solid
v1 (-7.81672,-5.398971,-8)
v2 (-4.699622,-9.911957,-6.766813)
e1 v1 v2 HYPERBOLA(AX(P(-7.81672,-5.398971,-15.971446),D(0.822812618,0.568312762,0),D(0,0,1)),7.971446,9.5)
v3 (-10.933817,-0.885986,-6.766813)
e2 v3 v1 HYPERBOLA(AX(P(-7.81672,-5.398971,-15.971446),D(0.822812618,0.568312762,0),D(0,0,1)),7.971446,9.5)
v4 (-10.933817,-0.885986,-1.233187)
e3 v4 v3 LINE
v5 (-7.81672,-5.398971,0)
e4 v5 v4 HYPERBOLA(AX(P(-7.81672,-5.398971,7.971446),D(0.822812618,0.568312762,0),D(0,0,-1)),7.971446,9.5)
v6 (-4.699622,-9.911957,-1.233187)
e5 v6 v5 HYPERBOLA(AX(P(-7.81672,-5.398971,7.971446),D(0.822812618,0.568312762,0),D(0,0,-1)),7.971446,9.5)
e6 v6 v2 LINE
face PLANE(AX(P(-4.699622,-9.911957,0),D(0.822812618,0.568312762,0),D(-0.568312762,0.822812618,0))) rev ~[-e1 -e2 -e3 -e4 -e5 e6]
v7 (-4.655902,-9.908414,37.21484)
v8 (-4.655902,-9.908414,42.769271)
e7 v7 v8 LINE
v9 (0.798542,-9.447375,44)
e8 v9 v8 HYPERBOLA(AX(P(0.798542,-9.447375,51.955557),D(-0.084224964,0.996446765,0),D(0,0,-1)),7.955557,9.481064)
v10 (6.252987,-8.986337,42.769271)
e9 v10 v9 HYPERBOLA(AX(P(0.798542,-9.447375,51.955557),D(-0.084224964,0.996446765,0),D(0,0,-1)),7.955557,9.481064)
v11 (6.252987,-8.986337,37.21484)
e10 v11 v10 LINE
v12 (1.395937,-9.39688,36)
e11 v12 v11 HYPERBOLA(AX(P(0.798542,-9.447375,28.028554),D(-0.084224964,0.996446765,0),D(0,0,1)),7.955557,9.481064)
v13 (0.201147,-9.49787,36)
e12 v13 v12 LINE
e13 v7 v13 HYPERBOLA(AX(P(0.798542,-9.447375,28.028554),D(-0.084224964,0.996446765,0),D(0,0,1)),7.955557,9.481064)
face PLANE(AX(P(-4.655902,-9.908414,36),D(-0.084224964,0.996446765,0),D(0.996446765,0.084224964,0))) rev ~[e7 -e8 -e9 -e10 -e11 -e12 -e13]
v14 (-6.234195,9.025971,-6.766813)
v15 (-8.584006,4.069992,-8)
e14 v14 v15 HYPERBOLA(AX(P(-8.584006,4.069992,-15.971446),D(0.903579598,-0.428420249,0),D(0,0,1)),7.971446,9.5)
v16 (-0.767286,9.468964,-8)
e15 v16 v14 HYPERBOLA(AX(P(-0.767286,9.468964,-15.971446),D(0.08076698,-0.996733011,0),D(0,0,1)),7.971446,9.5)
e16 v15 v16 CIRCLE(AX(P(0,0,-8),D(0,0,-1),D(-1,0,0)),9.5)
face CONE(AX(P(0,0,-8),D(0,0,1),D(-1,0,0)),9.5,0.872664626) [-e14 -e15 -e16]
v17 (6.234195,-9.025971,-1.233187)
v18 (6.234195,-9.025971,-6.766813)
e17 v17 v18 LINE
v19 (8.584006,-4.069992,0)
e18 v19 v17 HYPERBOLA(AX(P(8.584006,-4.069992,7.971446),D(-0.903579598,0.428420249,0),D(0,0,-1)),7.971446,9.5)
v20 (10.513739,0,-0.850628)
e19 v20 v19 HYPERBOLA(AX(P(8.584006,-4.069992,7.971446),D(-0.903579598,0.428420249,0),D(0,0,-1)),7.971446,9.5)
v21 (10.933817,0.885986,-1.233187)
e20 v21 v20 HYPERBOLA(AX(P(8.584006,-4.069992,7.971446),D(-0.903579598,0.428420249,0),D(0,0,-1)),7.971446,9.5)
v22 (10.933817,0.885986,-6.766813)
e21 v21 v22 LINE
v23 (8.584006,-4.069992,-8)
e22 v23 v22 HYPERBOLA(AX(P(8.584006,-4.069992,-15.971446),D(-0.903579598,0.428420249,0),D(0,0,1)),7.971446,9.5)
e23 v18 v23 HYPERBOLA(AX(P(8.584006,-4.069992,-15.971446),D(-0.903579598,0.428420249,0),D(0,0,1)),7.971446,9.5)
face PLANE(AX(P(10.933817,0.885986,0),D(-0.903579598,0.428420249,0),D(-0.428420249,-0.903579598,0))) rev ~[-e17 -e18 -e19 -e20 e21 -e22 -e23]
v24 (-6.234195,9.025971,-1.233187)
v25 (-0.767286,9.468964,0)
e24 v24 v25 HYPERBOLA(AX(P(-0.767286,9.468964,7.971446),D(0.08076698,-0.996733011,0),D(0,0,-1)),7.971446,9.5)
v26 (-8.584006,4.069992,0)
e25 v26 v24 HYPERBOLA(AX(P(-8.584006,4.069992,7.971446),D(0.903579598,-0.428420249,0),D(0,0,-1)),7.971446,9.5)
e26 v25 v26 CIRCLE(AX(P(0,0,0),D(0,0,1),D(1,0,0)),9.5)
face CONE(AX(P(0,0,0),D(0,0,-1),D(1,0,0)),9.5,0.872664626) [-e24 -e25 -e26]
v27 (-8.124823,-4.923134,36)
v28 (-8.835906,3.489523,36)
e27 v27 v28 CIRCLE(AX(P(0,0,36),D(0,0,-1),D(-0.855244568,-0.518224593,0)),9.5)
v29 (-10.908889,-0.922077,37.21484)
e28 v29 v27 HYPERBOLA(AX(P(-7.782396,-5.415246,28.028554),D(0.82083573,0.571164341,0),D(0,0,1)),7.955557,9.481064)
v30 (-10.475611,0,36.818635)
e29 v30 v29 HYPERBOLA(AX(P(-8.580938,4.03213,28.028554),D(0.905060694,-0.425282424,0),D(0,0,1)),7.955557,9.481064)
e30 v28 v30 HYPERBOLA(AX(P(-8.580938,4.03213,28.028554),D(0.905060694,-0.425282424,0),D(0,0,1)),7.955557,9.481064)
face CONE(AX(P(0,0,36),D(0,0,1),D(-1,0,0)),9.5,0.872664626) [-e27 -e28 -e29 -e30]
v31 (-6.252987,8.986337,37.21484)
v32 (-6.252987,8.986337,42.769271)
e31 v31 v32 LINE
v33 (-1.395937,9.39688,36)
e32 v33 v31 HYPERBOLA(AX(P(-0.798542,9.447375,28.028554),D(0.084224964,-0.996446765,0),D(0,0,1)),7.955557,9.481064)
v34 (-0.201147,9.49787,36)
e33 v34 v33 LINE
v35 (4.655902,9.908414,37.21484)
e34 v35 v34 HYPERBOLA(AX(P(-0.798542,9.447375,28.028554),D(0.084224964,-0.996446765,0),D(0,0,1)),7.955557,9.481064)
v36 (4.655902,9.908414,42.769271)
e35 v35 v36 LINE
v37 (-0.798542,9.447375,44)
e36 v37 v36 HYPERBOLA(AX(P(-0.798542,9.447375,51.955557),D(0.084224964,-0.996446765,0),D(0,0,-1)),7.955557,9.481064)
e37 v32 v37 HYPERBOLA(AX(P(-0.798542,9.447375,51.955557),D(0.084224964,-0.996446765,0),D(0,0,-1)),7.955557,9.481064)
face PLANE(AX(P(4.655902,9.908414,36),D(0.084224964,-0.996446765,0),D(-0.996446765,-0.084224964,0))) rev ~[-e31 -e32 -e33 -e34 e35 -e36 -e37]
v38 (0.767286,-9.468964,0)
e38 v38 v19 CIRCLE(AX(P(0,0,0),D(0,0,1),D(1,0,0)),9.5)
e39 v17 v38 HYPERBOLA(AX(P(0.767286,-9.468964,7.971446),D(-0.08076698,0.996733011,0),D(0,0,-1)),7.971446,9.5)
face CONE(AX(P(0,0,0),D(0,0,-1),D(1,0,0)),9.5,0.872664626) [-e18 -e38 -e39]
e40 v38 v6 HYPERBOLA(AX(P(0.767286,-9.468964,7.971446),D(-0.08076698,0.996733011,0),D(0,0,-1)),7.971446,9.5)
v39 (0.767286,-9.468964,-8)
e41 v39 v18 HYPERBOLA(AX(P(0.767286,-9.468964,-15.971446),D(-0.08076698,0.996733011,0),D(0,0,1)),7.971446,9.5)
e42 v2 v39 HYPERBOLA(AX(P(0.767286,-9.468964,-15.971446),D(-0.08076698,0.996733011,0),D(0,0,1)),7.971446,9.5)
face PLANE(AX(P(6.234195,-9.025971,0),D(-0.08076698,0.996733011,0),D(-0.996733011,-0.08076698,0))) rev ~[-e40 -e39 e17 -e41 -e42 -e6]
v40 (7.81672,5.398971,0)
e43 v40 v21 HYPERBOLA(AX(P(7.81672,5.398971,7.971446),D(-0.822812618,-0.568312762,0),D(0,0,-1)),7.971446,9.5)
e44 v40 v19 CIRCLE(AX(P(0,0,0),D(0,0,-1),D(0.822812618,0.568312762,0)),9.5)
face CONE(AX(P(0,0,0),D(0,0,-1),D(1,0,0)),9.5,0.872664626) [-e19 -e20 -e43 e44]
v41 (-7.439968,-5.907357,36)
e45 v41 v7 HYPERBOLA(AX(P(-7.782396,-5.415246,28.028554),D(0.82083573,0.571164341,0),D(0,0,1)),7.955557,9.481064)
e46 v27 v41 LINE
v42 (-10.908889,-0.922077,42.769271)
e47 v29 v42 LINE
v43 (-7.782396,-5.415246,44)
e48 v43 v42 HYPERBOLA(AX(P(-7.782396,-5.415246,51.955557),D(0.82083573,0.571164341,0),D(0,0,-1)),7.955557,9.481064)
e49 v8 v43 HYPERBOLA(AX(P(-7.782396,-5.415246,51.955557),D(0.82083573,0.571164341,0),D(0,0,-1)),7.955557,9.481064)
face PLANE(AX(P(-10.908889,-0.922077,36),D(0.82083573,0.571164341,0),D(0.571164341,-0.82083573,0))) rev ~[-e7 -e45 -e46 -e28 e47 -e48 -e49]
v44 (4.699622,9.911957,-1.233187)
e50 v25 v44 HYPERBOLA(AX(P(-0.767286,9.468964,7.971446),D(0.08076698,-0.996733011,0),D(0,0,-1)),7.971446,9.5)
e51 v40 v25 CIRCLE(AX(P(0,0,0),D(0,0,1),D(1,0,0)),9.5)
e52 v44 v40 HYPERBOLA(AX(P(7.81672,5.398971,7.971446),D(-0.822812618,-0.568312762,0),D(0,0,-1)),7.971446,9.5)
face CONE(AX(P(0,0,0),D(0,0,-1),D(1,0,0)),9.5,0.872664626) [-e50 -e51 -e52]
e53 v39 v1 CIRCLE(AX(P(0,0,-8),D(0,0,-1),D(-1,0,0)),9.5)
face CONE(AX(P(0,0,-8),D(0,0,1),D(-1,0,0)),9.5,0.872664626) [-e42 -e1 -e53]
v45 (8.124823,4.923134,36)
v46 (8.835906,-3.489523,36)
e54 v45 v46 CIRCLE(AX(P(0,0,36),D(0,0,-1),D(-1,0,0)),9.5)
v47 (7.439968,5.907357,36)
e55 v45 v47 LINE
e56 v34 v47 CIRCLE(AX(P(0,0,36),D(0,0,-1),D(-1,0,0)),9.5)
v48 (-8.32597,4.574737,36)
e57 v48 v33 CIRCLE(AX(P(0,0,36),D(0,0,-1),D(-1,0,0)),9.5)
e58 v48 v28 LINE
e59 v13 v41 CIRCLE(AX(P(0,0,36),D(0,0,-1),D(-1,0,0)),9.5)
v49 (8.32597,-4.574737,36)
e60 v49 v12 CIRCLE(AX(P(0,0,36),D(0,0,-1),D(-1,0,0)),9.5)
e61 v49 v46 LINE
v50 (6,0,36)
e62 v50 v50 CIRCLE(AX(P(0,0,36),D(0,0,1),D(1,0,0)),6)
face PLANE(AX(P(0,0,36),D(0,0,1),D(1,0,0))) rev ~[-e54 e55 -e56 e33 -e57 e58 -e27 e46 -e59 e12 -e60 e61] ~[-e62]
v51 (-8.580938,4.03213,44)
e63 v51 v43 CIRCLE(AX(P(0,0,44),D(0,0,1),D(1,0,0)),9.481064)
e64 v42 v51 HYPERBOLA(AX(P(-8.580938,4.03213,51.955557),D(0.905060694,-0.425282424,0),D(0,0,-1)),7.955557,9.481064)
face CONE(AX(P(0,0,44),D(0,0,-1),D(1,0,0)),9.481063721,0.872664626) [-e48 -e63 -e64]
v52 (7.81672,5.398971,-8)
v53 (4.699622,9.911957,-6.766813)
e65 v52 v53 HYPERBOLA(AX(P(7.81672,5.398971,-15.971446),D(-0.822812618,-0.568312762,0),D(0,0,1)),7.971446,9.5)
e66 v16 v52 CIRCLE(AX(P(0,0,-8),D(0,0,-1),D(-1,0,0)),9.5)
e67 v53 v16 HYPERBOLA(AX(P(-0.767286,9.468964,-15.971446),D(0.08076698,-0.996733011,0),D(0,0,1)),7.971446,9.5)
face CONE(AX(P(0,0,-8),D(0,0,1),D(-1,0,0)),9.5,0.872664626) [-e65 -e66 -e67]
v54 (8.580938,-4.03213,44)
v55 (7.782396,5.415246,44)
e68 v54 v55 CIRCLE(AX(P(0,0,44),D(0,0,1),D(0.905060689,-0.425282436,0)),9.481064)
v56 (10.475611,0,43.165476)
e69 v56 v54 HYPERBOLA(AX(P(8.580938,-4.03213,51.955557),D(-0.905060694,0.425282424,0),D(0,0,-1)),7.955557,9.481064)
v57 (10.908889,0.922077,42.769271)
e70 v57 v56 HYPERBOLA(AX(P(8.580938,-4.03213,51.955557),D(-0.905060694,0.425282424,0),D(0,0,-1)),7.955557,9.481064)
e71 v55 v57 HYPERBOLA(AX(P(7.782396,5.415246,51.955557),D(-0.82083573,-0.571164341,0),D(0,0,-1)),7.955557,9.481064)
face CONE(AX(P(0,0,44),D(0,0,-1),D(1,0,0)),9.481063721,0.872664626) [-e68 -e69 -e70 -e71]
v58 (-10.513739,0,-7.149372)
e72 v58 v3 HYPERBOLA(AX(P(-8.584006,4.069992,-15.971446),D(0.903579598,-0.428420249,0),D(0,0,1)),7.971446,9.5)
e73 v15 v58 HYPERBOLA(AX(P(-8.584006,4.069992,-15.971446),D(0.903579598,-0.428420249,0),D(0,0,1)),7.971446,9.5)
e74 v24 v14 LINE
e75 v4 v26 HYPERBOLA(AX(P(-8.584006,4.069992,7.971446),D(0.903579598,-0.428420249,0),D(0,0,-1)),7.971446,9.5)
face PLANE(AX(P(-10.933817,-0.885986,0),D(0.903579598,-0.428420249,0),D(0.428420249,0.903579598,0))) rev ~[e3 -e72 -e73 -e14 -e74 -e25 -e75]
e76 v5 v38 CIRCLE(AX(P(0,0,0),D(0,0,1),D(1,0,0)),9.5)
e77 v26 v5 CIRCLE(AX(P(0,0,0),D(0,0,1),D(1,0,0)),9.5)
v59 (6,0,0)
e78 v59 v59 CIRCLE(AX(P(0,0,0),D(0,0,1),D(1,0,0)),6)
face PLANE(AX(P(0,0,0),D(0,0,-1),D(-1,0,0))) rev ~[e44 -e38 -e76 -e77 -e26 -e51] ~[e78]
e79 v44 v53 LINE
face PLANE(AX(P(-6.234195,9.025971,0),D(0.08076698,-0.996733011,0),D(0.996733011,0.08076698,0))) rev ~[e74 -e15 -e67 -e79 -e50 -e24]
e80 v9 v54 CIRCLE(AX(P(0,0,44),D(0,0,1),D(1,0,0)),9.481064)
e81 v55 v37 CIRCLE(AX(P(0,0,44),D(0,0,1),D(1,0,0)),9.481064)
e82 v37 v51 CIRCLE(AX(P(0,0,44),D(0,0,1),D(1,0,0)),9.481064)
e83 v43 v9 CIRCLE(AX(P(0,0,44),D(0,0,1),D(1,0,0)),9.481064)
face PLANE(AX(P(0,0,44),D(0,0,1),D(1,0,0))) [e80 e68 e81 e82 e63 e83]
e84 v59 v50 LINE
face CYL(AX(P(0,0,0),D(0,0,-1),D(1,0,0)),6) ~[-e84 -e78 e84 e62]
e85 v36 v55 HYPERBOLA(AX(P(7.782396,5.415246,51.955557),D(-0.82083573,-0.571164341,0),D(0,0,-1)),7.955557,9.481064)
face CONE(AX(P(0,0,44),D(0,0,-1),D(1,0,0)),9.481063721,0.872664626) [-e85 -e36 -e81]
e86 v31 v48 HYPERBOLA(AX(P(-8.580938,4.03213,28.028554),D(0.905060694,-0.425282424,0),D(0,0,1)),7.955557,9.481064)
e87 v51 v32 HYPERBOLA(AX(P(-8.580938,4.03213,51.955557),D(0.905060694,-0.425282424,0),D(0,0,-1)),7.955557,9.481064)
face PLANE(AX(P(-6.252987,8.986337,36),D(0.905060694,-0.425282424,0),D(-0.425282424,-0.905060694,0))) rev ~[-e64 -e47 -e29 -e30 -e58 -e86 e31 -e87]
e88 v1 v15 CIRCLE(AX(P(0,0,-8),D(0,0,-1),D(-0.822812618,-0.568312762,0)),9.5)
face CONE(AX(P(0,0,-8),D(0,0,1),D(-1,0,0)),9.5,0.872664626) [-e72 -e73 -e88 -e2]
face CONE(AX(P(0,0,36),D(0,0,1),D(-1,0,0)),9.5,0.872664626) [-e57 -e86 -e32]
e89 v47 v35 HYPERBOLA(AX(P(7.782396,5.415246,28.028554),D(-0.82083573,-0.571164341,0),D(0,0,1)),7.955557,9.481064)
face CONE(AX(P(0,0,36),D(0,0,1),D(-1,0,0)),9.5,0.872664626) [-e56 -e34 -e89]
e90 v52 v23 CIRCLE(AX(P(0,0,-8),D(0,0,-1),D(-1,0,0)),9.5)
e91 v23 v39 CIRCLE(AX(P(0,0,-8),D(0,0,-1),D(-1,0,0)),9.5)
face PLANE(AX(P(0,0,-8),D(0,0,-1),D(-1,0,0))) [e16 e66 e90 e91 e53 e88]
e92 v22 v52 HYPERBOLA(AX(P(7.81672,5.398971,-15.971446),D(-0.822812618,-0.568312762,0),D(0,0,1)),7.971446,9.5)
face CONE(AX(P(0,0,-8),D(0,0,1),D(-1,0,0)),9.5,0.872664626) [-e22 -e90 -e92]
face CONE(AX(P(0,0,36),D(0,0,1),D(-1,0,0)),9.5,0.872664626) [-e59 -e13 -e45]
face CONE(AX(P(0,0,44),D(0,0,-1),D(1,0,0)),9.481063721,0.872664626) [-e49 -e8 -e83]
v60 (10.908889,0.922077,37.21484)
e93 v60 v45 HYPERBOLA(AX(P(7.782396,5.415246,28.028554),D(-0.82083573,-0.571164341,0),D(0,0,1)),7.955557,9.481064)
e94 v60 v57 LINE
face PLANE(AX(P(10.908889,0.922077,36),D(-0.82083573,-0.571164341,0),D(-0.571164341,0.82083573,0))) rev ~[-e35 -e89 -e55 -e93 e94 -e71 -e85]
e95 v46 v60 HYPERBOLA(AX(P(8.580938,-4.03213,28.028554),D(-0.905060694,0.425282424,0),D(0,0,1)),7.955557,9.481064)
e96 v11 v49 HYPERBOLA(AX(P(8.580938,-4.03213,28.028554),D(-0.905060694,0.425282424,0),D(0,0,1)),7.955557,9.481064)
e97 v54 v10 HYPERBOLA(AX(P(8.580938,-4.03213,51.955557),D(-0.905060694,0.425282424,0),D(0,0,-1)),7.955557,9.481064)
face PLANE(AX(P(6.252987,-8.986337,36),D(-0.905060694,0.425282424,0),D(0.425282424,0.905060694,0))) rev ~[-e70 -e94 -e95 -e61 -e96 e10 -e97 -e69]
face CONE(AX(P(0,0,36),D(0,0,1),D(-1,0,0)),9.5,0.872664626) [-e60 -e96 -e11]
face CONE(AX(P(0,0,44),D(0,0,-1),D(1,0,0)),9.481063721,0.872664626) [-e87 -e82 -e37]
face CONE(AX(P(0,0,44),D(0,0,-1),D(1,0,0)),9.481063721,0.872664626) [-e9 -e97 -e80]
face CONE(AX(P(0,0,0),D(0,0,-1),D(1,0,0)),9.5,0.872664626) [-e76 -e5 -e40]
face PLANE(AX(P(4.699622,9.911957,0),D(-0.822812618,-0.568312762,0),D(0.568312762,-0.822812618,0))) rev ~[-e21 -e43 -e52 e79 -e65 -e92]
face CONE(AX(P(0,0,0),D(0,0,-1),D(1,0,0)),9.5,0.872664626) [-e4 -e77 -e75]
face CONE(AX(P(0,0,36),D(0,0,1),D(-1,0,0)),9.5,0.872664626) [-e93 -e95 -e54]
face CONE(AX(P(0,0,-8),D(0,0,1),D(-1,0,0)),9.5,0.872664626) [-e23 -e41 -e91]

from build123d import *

# Parameters (mm, degrees)
SKETCH1_R           = 6
BOSS_EXTRUDE1_DEPTH = 36
BOSS_EXTRUDE2_DEPTH = 8
SKETCH3_OUTSIDE_W   = 53.532
SKETCH3_OUTSIDE_H   = 51.488
SKETCH3_OUTSIDE_R   = 9.5
CUT_EXTRUDE1_DEPTH  = 8
CUT_EXTRUDE1_DRAFT  = -50
SKETCH4_OUTSIDE_W   = 53.532
SKETCH4_OUTSIDE_H   = 51.488
SKETCH4_OUTSIDE_R   = 9.5
CUT_EXTRUDE3_DEPTH  = 8
CUT_EXTRUDE3_DRAFT  = -50
BOSS_EXTRUDE3_DEPTH = 8
SKETCH6_OUTSIDE_W   = 54.894
SKETCH6_OUTSIDE_H   = 52.85
SKETCH6_OUTSIDE_R   = 9.5
CUT_EXTRUDE6_DEPTH  = 8
CUT_EXTRUDE6_DRAFT  = -50
SKETCH7_OUTSIDE_W   = 54.894
SKETCH7_OUTSIDE_H   = 52.85
SKETCH7_OUTSIDE_R   = 9.481063721
CUT_EXTRUDE7_DEPTH  = 8
CUT_EXTRUDE7_DRAFT  = -50


with BuildPart() as part:
    # Sketch1 → Boss-Extrude1 (new body)
    with BuildSketch(Plane.XY):
        Circle(SKETCH1_R)
    extrude(amount=BOSS_EXTRUDE1_DEPTH)

    # Sketch2 → Boss-Extrude2 (add)
    with BuildSketch(Plane(origin=(0, 0, 0), x_dir=(-1, 0, 0), z_dir=(0, 0, -1))):
        Polygon((-10.93381737, 0.885985919), (-6.234194998, -9.025970644), (4.699622372, -9.911956562), (10.93381737, -0.885985919), (6.234194998, 9.025970644), (-4.699622372, 9.911956562), align=None)
    extrude(amount=BOSS_EXTRUDE2_DEPTH)


with BuildPart() as cut_extrude1_tool:
    # Sketch3 outside → Cut-Extrude1 (with draft: the straight prism first)
    with BuildSketch(Plane.XY):
        Rectangle(SKETCH3_OUTSIDE_W, SKETCH3_OUTSIDE_H)
        Circle(SKETCH3_OUTSIDE_R, mode=Mode.SUBTRACT)
    extrude(amount=-CUT_EXTRUDE1_DEPTH)
    # Cut-Extrude1: the draft: its side faces are tilted about the plane it starts from
    cut_extrude1_sides = [cut_extrude1_tool.faces().sort_by_distance(p)[0] for p in [
        (0, -25.744, -4),
        (26.766, 0, -4),
        (0, 25.744, -4),
        (-26.766, 0, -4),
        (-9.5, 0, -4),
    ]]
    draft(cut_extrude1_sides, Plane.XY, CUT_EXTRUDE1_DRAFT)


with BuildPart() as part_1:
    add(part.part)

    # Cut-Extrude1: cut by cut_extrude1_tool
    add(cut_extrude1_tool.part, mode=Mode.SUBTRACT)


with BuildPart() as cut_extrude3_tool:
    # Sketch4 outside → Cut-Extrude3 (with draft: the straight prism first)
    with BuildSketch(Plane(origin=(0, 0, -8), x_dir=(-1, 0, 0), z_dir=(0, 0, -1))):
        Rectangle(SKETCH4_OUTSIDE_W, SKETCH4_OUTSIDE_H)
        Circle(SKETCH4_OUTSIDE_R, mode=Mode.SUBTRACT)
    extrude(amount=-CUT_EXTRUDE3_DEPTH)
    # Cut-Extrude3: the draft: its side faces are tilted about the plane it starts from
    cut_extrude3_sides = [cut_extrude3_tool.faces().sort_by_distance(p)[0] for p in [
        (0, -25.744, -4),
        (-26.766, 0, -4),
        (0, 25.744, -4),
        (26.766, 0, -4),
        (9.5, 0, -4),
    ]]
    draft(cut_extrude3_sides, Plane(origin=(0, 0, -8), x_dir=(-1, 0, 0), z_dir=(0, 0, -1)), CUT_EXTRUDE3_DRAFT)


with BuildPart() as part_2:
    add(part_1.part)

    # Cut-Extrude3: cut by cut_extrude3_tool
    add(cut_extrude3_tool.part, mode=Mode.SUBTRACT)

    # Sketch5 → Boss-Extrude3 (add)
    with BuildSketch(Plane.XY.offset(36)):
        Polygon((-6.252986911, 8.986336688), (-10.908889314, -0.92207717), (-4.655902404, -9.908413858), (6.252986911, -8.986336688), (10.908889314, 0.92207717), (4.655902404, 9.908413858), align=None)
    extrude(amount=BOSS_EXTRUDE3_DEPTH)


with BuildPart() as cut_extrude6_tool:
    # Sketch6 outside → Cut-Extrude6 (with draft: the straight prism first)
    with BuildSketch(Plane(origin=(0, 0, 36), x_dir=(-1, 0, 0), z_dir=(0, 0, -1))):
        Rectangle(SKETCH6_OUTSIDE_W, SKETCH6_OUTSIDE_H)
        Circle(SKETCH6_OUTSIDE_R, mode=Mode.SUBTRACT)
    extrude(amount=-CUT_EXTRUDE6_DEPTH)
    # Cut-Extrude6: the draft: its side faces are tilted about the plane it starts from
    cut_extrude6_sides = [cut_extrude6_tool.faces().sort_by_distance(p)[0] for p in [
        (0, -26.425, 40),
        (-27.447, 0, 40),
        (0, 26.425, 40),
        (27.447, 0, 40),
        (9.5, 0, 40),
    ]]
    draft(cut_extrude6_sides, Plane(origin=(0, 0, 36), x_dir=(-1, 0, 0), z_dir=(0, 0, -1)), CUT_EXTRUDE6_DRAFT)


with BuildPart() as part_3:
    add(part_2.part)

    # Cut-Extrude6: cut by cut_extrude6_tool
    add(cut_extrude6_tool.part, mode=Mode.SUBTRACT)


with BuildPart() as cut_extrude7_tool:
    # Sketch7 outside → Cut-Extrude7 (with draft: the straight prism first)
    with BuildSketch(Plane.XY.offset(44)):
        Rectangle(SKETCH7_OUTSIDE_W, SKETCH7_OUTSIDE_H)
        Circle(SKETCH7_OUTSIDE_R, mode=Mode.SUBTRACT)
    extrude(amount=-CUT_EXTRUDE7_DEPTH)
    # Cut-Extrude7: the draft: its side faces are tilted about the plane it starts from
    cut_extrude7_sides = [cut_extrude7_tool.faces().sort_by_distance(p)[0] for p in [
        (0, -26.425, 40),
        (27.447, 0, 40),
        (0, 26.425, 40),
        (-27.447, 0, 40),
        (-9.481063721, 0, 40),
    ]]
    draft(cut_extrude7_sides, Plane.XY.offset(44), CUT_EXTRUDE7_DRAFT)


with BuildPart() as part_4:
    add(part_3.part)

    # Cut-Extrude7: cut by cut_extrude7_tool
    add(cut_extrude7_tool.part, mode=Mode.SUBTRACT)


solid = part_4.part
